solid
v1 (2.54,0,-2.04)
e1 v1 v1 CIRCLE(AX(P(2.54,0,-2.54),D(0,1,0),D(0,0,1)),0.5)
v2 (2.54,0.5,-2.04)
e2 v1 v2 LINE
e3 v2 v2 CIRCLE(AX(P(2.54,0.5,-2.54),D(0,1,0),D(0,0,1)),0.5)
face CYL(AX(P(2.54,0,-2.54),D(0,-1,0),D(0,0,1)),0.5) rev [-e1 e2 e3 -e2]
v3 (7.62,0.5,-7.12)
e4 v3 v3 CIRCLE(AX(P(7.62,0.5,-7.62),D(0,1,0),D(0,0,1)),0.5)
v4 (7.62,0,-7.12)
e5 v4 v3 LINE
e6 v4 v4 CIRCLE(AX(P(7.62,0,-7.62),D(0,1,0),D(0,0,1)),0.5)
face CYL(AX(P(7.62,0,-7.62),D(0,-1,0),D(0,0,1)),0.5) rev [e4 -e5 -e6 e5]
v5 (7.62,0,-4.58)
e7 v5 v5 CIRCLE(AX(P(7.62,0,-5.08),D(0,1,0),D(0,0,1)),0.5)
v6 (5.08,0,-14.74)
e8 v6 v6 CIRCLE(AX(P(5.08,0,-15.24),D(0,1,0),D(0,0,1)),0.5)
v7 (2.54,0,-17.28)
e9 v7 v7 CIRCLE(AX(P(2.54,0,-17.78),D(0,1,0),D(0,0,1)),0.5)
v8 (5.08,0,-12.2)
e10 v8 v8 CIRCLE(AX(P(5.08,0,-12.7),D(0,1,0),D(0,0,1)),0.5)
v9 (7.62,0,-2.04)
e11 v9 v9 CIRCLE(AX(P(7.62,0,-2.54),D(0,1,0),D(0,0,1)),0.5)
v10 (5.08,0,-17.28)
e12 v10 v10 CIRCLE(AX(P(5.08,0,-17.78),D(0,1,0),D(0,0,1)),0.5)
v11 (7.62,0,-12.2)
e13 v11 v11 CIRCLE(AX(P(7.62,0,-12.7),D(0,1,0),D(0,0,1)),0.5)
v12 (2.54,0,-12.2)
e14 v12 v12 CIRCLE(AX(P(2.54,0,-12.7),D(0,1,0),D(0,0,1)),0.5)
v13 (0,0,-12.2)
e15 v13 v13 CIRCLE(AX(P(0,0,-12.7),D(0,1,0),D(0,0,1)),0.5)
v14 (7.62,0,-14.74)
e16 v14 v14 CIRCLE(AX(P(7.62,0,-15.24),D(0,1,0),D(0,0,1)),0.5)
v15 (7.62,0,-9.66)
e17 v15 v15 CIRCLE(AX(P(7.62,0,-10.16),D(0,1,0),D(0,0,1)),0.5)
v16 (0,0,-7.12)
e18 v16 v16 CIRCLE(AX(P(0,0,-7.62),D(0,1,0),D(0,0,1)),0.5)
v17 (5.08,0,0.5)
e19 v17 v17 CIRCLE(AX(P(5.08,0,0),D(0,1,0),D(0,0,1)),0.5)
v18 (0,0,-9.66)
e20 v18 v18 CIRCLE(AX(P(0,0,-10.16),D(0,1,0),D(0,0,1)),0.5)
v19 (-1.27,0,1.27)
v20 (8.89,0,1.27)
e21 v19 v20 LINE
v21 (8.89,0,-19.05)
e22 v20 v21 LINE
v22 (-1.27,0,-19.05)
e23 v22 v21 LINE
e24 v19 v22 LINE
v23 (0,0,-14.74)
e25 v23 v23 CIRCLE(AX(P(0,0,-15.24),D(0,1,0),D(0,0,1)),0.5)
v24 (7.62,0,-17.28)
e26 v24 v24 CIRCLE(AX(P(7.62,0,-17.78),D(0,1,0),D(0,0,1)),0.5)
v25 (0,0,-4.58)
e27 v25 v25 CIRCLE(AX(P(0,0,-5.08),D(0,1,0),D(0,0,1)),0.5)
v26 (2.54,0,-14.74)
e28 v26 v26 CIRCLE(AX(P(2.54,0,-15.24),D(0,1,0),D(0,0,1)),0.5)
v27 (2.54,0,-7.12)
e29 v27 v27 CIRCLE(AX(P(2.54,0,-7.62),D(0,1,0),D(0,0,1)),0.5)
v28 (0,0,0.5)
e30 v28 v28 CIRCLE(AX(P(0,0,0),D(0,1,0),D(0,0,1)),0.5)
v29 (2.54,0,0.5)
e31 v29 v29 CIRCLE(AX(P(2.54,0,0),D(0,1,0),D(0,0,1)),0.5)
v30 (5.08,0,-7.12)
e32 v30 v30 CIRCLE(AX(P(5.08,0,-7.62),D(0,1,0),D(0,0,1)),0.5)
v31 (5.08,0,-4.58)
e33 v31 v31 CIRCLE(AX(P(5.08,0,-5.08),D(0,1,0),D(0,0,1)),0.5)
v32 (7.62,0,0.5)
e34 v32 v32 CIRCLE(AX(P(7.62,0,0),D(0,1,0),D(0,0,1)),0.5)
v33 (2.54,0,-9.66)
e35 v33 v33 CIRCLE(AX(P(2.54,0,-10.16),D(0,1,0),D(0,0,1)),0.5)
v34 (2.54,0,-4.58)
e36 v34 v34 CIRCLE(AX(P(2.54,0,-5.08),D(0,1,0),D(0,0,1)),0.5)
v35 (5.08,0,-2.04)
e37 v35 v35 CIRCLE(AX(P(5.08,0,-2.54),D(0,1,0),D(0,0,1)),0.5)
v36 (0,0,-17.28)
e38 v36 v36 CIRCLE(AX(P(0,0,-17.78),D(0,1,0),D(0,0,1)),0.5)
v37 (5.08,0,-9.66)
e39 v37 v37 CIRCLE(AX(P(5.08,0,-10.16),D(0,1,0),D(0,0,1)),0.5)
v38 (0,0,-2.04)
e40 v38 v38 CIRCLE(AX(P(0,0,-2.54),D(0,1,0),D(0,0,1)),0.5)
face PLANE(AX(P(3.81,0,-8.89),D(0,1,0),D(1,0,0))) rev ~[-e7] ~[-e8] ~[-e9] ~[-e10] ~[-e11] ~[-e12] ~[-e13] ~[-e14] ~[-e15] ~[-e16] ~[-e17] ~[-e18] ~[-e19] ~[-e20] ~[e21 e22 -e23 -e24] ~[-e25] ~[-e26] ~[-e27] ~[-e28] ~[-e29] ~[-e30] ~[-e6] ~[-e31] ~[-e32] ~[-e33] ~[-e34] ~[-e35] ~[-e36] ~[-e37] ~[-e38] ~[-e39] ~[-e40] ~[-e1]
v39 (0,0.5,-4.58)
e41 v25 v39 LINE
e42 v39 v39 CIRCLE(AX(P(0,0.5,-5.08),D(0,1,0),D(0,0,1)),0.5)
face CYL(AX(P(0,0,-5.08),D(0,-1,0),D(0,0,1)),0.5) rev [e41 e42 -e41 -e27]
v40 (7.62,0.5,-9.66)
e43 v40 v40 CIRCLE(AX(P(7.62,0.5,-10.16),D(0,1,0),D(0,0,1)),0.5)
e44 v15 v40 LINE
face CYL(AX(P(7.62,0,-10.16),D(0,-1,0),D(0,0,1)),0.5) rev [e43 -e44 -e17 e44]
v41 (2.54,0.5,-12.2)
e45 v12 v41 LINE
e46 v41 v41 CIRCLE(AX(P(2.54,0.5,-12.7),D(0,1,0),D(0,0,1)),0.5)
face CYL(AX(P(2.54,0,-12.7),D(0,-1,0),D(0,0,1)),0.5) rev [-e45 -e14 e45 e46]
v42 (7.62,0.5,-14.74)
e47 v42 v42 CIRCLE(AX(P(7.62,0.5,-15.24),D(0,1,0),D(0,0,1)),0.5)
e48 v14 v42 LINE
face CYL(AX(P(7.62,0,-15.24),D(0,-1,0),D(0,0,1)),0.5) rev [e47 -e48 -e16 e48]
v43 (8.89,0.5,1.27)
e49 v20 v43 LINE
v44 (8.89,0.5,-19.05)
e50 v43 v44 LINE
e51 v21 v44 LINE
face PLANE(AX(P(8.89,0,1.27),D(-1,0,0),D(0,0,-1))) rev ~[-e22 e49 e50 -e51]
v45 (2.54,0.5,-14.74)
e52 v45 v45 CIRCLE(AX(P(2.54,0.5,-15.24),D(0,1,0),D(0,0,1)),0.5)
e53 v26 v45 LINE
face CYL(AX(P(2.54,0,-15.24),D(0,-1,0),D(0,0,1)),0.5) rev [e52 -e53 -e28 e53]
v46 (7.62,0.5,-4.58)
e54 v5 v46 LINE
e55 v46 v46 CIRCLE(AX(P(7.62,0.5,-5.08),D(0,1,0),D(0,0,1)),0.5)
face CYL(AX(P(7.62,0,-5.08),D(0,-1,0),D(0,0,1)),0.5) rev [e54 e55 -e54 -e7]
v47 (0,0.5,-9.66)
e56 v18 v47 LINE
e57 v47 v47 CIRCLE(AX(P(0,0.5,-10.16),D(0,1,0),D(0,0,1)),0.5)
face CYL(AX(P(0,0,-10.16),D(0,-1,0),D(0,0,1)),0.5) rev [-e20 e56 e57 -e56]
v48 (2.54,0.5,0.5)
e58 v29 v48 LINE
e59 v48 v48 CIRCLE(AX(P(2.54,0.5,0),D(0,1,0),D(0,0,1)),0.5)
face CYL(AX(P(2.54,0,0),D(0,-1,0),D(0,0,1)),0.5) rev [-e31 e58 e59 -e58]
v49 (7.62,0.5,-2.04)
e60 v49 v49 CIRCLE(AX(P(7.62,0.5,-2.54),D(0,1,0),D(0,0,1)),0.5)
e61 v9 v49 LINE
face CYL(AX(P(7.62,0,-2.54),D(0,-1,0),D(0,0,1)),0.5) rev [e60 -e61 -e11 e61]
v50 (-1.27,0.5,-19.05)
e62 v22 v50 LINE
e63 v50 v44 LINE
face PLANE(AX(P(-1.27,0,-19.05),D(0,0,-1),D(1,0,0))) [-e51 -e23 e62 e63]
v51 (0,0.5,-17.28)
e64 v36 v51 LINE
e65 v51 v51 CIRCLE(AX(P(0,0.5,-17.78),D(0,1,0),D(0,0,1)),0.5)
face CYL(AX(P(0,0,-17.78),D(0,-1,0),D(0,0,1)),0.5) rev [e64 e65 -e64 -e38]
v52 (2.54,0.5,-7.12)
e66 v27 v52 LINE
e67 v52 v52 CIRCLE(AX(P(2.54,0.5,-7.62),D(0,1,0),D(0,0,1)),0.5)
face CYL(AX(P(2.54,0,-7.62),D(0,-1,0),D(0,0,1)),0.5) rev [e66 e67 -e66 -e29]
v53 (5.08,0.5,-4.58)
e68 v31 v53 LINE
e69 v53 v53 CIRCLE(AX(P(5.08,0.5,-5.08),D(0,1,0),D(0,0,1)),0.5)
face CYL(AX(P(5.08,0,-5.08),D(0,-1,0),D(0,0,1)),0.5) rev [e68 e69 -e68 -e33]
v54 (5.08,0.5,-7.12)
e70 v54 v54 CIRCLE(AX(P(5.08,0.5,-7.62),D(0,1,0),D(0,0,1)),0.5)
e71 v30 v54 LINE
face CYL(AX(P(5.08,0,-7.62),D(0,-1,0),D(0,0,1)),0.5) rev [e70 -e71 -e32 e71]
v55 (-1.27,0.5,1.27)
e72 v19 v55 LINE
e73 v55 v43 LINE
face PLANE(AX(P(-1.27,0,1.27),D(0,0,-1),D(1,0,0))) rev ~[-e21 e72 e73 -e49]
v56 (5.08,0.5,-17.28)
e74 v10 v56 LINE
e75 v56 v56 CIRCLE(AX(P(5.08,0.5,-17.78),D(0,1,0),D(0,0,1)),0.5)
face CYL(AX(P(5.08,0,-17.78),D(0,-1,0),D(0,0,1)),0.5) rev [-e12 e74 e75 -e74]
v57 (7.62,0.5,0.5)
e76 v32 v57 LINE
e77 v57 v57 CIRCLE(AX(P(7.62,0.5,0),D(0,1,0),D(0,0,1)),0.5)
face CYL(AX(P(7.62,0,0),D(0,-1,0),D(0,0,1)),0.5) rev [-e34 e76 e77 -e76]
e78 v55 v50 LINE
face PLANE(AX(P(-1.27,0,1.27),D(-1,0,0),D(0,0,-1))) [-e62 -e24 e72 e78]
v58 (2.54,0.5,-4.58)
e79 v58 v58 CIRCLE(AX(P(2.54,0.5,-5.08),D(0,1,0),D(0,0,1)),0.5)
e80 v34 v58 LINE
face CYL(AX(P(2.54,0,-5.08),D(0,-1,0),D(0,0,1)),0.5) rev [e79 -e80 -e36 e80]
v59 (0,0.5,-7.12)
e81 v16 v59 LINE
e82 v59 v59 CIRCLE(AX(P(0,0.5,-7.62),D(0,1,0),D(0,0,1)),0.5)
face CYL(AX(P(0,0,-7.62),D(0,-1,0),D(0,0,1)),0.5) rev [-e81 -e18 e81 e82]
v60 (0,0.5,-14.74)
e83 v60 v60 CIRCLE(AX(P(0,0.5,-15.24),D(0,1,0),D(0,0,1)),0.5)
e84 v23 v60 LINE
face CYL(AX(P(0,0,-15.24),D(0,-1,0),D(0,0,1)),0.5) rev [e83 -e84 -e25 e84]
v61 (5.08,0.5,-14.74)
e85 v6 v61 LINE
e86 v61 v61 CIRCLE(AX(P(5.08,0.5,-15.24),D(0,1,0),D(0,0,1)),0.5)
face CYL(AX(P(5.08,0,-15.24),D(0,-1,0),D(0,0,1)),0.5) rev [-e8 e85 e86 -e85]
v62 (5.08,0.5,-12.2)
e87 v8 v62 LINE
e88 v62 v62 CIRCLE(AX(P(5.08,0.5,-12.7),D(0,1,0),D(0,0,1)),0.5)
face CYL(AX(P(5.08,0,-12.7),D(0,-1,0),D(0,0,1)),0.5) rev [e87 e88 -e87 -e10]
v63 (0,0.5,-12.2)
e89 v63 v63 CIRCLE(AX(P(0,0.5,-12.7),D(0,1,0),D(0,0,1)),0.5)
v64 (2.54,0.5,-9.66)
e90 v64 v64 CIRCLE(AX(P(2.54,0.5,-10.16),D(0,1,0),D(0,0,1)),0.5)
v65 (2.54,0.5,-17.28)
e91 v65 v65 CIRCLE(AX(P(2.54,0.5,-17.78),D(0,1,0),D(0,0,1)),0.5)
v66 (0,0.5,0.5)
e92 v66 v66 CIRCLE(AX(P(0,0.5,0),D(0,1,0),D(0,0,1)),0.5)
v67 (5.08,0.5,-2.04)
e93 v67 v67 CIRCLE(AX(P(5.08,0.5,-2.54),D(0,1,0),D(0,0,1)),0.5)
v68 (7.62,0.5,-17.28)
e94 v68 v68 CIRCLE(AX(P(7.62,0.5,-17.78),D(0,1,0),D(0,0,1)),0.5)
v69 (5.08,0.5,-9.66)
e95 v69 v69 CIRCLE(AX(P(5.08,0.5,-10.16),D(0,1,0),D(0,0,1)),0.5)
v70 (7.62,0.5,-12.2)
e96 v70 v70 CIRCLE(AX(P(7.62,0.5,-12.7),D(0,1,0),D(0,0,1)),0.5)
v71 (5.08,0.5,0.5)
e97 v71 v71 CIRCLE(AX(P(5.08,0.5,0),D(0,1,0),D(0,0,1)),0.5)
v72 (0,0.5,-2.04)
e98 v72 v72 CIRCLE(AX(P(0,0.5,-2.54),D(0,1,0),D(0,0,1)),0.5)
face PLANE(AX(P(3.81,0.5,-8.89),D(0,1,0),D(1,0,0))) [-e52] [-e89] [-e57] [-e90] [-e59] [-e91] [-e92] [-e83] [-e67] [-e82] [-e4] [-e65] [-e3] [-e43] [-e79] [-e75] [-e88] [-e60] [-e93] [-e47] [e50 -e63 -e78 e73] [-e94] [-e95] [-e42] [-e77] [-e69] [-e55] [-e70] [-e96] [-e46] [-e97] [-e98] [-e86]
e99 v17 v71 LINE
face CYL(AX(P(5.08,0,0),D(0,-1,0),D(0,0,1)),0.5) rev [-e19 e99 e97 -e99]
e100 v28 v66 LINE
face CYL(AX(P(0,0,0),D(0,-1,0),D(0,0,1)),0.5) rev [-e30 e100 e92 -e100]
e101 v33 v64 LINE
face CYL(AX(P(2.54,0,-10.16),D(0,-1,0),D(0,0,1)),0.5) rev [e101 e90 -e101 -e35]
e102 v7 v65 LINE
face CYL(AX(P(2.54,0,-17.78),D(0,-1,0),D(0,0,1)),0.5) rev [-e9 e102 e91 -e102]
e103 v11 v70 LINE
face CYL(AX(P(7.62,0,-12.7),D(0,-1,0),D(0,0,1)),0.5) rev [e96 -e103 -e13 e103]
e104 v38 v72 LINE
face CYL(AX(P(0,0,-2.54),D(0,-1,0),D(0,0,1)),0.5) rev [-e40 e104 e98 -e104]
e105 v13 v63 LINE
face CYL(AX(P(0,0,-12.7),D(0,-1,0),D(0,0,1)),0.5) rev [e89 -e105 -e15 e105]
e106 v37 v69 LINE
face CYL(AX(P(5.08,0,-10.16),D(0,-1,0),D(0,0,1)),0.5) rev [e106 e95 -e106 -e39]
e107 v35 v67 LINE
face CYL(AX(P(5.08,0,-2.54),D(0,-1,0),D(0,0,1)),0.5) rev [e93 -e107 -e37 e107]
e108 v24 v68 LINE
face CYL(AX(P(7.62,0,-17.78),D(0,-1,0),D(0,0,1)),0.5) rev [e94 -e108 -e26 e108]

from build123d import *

# Parameters (mm, degrees)
SKETCH1_W           = 10.16
SKETCH1_H           = 20.32
SKETCH1_R           = 0.5
BOSS_EXTRUDE1_DEPTH = 0.5


with BuildPart() as part:
    # Sketch1 → Boss-Extrude1 (new body)
    with BuildSketch(Plane(origin=(0, 0, 0), x_dir=(1, 0, 0), z_dir=(0, 1, 0))):
        with Locations((3.81, 8.89)):
            Rectangle(SKETCH1_W, SKETCH1_H)
        with Locations(Location((0, 0, 0), (0, 0, 270))):
            Circle(SKETCH1_R, mode=Mode.SUBTRACT)
        with Locations(Location((2.54, 0, 0), (0, 0, 270))):
            Circle(SKETCH1_R, mode=Mode.SUBTRACT)
        with Locations(Location((5.08, 0, 0), (0, 0, 270))):
            Circle(SKETCH1_R, mode=Mode.SUBTRACT)
        with Locations(Location((7.62, 0, 0), (0, 0, 270))):
            Circle(SKETCH1_R, mode=Mode.SUBTRACT)
        with Locations(Location((2.54, 2.54, 0), (0, 0, 270))):
            Circle(SKETCH1_R, mode=Mode.SUBTRACT)
        with Locations(Location((5.08, 2.54, 0), (0, 0, 270))):
            Circle(SKETCH1_R, mode=Mode.SUBTRACT)
        with Locations(Location((7.62, 2.54, 0), (0, 0, 270))):
            Circle(SKETCH1_R, mode=Mode.SUBTRACT)
        with Locations(Location((2.54, 5.08, 0), (0, 0, 270))):
            Circle(SKETCH1_R, mode=Mode.SUBTRACT)
        with Locations(Location((5.08, 5.08, 0), (0, 0, 270))):
            Circle(SKETCH1_R, mode=Mode.SUBTRACT)
        with Locations(Location((7.62, 5.08, 0), (0, 0, 270))):
            Circle(SKETCH1_R, mode=Mode.SUBTRACT)
        with Locations(Location((2.54, 7.62, 0), (0, 0, 270))):
            Circle(SKETCH1_R, mode=Mode.SUBTRACT)
        with Locations(Location((5.08, 7.62, 0), (0, 0, 270))):
            Circle(SKETCH1_R, mode=Mode.SUBTRACT)
        with Locations(Location((7.62, 7.62, 0), (0, 0, 270))):
            Circle(SKETCH1_R, mode=Mode.SUBTRACT)
        with Locations(Location((2.54, 10.16, 0), (0, 0, 270))):
            Circle(SKETCH1_R, mode=Mode.SUBTRACT)
        with Locations(Location((5.08, 10.16, 0), (0, 0, 270))):
            Circle(SKETCH1_R, mode=Mode.SUBTRACT)
        with Locations(Location((7.62, 10.16, 0), (0, 0, 270))):
            Circle(SKETCH1_R, mode=Mode.SUBTRACT)
        with Locations(Location((2.54, 12.7, 0), (0, 0, 270))):
            Circle(SKETCH1_R, mode=Mode.SUBTRACT)
        with Locations(Location((5.08, 12.7, 0), (0, 0, 270))):
            Circle(SKETCH1_R, mode=Mode.SUBTRACT)
        with Locations(Location((7.62, 12.7, 0), (0, 0, 270))):
            Circle(SKETCH1_R, mode=Mode.SUBTRACT)
        with Locations(Location((2.54, 15.24, 0), (0, 0, 270))):
            Circle(SKETCH1_R, mode=Mode.SUBTRACT)
        with Locations(Location((5.08, 15.24, 0), (0, 0, 270))):
            Circle(SKETCH1_R, mode=Mode.SUBTRACT)
        with Locations(Location((7.62, 15.24, 0), (0, 0, 270))):
            Circle(SKETCH1_R, mode=Mode.SUBTRACT)
        with Locations(Location((2.54, 17.78, 0), (0, 0, 270))):
            Circle(SKETCH1_R, mode=Mode.SUBTRACT)
        with Locations(Location((5.08, 17.78, 0), (0, 0, 270))):
            Circle(SKETCH1_R, mode=Mode.SUBTRACT)
        with Locations(Location((7.62, 17.78, 0), (0, 0, 270))):
            Circle(SKETCH1_R, mode=Mode.SUBTRACT)
        with Locations(Location((0, 2.54, 0), (0, 0, 270))):
            Circle(SKETCH1_R, mode=Mode.SUBTRACT)
        with Locations(Location((0, 5.08, 0), (0, 0, 270))):
            Circle(SKETCH1_R, mode=Mode.SUBTRACT)
        with Locations(Location((0, 7.62, 0), (0, 0, 270))):
            Circle(SKETCH1_R, mode=Mode.SUBTRACT)
        with Locations(Location((0, 10.16, 0), (0, 0, 270))):
            Circle(SKETCH1_R, mode=Mode.SUBTRACT)
        with Locations(Location((0, 12.7, 0), (0, 0, 270))):
            Circle(SKETCH1_R, mode=Mode.SUBTRACT)
        with Locations(Location((0, 15.24, 0), (0, 0, 270))):
            Circle(SKETCH1_R, mode=Mode.SUBTRACT)
        with Locations(Location((0, 17.78, 0), (0, 0, 270))):
            Circle(SKETCH1_R, mode=Mode.SUBTRACT)
    extrude(amount=BOSS_EXTRUDE1_DEPTH)


solid = part.part
